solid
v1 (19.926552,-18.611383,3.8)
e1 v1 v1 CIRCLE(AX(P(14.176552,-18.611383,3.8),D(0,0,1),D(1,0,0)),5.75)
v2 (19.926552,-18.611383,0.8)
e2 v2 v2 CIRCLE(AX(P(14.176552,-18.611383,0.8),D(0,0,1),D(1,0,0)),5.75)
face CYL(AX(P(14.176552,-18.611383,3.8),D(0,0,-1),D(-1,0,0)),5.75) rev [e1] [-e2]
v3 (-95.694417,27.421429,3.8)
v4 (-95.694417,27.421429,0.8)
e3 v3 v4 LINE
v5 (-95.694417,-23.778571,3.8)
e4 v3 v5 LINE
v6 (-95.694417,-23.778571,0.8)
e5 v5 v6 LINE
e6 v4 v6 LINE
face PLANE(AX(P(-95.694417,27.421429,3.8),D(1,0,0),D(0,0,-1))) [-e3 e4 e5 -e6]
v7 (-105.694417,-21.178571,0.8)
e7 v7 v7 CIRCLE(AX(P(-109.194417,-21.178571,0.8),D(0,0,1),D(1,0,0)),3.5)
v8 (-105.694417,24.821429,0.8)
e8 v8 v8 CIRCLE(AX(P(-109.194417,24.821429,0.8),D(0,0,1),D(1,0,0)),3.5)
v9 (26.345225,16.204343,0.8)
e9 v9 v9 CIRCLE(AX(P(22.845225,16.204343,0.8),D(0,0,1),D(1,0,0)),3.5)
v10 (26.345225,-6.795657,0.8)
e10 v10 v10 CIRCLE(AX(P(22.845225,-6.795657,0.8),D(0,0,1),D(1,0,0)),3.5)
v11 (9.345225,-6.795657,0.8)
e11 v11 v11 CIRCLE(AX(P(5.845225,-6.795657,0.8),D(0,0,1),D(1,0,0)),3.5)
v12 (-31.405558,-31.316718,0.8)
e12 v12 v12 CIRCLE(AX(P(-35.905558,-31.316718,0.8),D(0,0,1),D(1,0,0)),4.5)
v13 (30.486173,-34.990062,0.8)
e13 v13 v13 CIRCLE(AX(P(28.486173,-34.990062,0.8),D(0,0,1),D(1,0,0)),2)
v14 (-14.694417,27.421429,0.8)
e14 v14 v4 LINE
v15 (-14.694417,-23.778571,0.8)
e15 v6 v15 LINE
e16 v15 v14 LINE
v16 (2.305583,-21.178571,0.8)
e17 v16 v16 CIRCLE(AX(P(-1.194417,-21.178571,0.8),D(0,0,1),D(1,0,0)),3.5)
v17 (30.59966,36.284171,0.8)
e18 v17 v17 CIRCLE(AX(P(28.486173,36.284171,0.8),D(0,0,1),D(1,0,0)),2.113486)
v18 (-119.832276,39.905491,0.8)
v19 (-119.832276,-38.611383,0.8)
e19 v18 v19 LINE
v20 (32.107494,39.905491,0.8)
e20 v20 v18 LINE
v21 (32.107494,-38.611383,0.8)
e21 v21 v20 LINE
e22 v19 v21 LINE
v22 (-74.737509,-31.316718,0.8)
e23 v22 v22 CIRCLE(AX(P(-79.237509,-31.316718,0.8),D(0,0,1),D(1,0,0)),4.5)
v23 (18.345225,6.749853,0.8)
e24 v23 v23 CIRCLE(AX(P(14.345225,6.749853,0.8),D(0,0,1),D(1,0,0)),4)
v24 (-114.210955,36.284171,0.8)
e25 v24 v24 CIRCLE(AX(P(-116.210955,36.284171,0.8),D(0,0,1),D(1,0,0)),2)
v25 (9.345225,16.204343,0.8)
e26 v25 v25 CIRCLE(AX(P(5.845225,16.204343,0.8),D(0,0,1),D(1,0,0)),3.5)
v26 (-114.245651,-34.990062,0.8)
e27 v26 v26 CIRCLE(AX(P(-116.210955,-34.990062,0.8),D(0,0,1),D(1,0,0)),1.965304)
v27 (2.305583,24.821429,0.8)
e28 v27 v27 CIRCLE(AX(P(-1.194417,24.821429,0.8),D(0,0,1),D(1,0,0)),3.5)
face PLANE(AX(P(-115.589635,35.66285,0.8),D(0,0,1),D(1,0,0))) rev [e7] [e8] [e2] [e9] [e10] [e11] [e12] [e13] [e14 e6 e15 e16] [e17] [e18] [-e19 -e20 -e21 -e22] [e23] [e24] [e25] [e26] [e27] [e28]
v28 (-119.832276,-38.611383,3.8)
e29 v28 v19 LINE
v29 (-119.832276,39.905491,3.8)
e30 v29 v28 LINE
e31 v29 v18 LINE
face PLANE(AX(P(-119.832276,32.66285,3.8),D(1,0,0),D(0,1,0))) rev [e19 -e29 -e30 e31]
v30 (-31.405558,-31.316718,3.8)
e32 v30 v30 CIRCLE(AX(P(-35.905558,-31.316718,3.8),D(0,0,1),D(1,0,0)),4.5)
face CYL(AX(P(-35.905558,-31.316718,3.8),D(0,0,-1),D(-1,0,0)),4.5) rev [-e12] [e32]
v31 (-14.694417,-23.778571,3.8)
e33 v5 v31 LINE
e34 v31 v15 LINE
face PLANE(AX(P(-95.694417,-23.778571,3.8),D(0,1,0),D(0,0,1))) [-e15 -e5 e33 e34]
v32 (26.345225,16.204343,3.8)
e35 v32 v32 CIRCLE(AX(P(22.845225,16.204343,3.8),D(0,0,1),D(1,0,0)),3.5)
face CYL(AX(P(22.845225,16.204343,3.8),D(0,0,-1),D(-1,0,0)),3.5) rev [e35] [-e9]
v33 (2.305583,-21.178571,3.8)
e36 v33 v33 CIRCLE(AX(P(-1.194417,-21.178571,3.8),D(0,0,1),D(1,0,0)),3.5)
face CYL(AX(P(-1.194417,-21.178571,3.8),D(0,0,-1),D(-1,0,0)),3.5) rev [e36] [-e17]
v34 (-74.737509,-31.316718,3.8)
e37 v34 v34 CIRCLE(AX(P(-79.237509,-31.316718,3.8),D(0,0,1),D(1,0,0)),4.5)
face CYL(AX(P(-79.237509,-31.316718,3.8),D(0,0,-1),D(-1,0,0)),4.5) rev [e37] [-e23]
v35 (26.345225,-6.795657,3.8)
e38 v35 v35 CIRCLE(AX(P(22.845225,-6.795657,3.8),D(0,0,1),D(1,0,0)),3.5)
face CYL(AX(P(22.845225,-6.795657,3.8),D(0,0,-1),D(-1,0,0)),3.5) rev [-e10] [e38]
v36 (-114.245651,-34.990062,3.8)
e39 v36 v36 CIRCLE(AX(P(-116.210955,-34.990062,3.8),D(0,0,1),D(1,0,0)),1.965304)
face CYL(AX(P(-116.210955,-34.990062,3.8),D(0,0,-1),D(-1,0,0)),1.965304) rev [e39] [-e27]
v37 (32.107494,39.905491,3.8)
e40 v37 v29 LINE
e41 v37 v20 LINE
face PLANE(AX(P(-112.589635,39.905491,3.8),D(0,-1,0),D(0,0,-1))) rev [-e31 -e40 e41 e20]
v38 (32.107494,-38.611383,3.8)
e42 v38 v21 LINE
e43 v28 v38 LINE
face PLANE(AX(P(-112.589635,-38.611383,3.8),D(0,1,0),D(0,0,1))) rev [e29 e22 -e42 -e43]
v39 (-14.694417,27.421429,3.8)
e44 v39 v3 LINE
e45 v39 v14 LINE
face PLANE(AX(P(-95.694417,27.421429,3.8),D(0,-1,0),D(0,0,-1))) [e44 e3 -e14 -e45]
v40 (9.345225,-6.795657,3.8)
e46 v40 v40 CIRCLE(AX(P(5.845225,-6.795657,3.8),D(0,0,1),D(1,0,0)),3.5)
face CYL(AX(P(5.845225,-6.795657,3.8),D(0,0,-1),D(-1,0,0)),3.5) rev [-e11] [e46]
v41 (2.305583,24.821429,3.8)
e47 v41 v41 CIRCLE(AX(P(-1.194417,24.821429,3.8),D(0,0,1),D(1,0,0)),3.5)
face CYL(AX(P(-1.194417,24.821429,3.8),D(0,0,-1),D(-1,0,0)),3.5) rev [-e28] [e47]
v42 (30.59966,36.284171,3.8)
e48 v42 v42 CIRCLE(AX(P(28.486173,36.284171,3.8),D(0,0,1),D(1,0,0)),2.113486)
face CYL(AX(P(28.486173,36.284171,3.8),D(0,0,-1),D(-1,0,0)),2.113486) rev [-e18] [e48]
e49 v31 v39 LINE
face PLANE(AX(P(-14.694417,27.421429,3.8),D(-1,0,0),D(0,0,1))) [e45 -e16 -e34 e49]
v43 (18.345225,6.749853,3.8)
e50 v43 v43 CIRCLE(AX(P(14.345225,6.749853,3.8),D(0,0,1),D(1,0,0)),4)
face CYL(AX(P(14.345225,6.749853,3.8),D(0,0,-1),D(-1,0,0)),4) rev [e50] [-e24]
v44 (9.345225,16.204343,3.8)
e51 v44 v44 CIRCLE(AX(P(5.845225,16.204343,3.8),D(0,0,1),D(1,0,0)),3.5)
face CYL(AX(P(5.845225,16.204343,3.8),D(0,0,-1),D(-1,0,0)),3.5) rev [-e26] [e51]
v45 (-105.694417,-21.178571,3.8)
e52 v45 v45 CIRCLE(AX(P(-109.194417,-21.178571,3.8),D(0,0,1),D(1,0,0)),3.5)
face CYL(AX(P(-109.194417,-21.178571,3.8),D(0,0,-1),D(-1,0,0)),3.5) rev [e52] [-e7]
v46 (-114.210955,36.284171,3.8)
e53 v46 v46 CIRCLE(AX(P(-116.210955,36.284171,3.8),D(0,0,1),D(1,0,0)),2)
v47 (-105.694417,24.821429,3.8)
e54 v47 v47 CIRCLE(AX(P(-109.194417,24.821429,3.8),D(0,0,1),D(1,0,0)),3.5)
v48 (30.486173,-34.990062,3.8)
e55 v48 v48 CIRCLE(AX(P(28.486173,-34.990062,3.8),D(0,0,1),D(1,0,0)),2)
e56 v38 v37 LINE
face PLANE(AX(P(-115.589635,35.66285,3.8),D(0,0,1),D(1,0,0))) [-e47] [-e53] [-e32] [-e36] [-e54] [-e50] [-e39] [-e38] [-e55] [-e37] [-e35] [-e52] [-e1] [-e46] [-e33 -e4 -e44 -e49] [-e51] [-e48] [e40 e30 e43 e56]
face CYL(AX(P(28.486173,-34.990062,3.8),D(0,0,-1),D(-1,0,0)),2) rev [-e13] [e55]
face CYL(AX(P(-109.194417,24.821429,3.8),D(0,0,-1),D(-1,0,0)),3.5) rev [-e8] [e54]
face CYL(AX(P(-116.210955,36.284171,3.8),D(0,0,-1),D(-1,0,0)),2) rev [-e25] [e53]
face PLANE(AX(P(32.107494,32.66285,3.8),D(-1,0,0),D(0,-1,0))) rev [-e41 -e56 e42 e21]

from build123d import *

# Parameters (mm, degrees)
ESQUISSE1_R        = 3.5
ESQUISSE1_R_2      = 4
ESQUISSE1_R_3      = 5.75
ESQUISSE1_R_4      = 4.5
ESQUISSE1_W        = 81
ESQUISSE1_H        = 51.2
BOSS_EXTRU_1_DEPTH = 3
ESQUISSE2_W        = 7.242640687
ESQUISSE2_H        = 7.242640687
ESQUISSE2_R        = 1.965304202
ESQUISSE2_R_2      = 2
ESQUISSE2_R_3      = 2.113486369
BOSS_EXTRU_2_DEPTH = 3


with BuildPart() as part:
    # Esquisse1 → Boss.-Extru.1 (new body)
    with BuildSketch(Plane.XY.offset(0.8)):
        with BuildLine():
            Line((-112.589634865, 39.905491149), (24.864852981, 39.905491149))
            Line((24.864852981, 39.905491149), (24.864852981, 35.662850462))
            ThreePointArc((24.864852981, 35.662850462), (25.743532637, 33.541530119), (27.864852981, 32.662850462))
            Line((27.864852981, 32.662850462), (32.107493668, 32.662850462))
            Line((32.107493668, 32.662850462), (32.107493668, -31.368742114))
            Line((32.107493668, -31.368742114), (27.864852981, -31.368742114))
            ThreePointArc((27.864852981, -31.368742114), (25.743532637, -32.24742177), (24.864852981, -34.368742114))
            Line((24.864852981, -34.368742114), (24.864852981, -38.611382801))
            Line((24.864852981, -38.611382801), (-112.589634865, -38.611382801))
            Line((-112.589634865, -38.611382801), (-112.589634865, -34.368742114))
            ThreePointArc((-112.589634865, -34.368742114), (-113.468314521, -32.24742177), (-115.589634865, -31.368742114))
            Line((-115.589634865, -31.368742114), (-119.832275552, -31.368742114))
            Line((-119.832275552, -31.368742114), (-119.832275552, 32.662850462))
            Line((-119.832275552, 32.662850462), (-115.589634865, 32.662850462))
            ThreePointArc((-115.589634865, 32.662850462), (-113.468314521, 33.541530119), (-112.589634865, 35.662850462))
            Line((-112.589634865, 35.662850462), (-112.589634865, 39.905491149))
        make_face()
        with Locations((-109.194417438, 24.821428571)):
            Circle(ESQUISSE1_R, mode=Mode.SUBTRACT)
        with Locations((-1.194417438, 24.821428571)):
            Circle(ESQUISSE1_R, mode=Mode.SUBTRACT)
        with Locations((-1.194417438, -21.178571429)):
            Circle(ESQUISSE1_R, mode=Mode.SUBTRACT)
        with Locations((-109.194417438, -21.178571429)):
            Circle(ESQUISSE1_R, mode=Mode.SUBTRACT)
        with Locations((14.345224597, 6.749852674)):
            Circle(ESQUISSE1_R_2, mode=Mode.SUBTRACT)
        with Locations((5.845224597, 16.204342535)):
            Circle(ESQUISSE1_R, mode=Mode.SUBTRACT)
        with Locations((22.845224597, 16.204342535)):
            Circle(ESQUISSE1_R, mode=Mode.SUBTRACT)
        with Locations((22.845224597, -6.795657465)):
            Circle(ESQUISSE1_R, mode=Mode.SUBTRACT)
        with Locations((5.845224597, -6.795657465)):
            Circle(ESQUISSE1_R, mode=Mode.SUBTRACT)
        with Locations((14.176552179, -18.611382801)):
            Circle(ESQUISSE1_R_3, mode=Mode.SUBTRACT)
        with Locations((-35.905557573, -31.316718293)):
            Circle(ESQUISSE1_R_4, mode=Mode.SUBTRACT)
        with Locations((-79.237508709, -31.316718293)):
            Circle(ESQUISSE1_R_4, mode=Mode.SUBTRACT)
        with Locations((-55.194417438, 1.821428571)):
            Rectangle(ESQUISSE1_W, ESQUISSE1_H, mode=Mode.SUBTRACT)
    extrude(amount=BOSS_EXTRU_1_DEPTH)

    # Esquisse2 → Boss.-Extru.2 (add)
    # profile 1 of 4: a face of its own
    with BuildSketch(Plane.XY.offset(0.8)):
        with Locations((-116.210955209, -34.990062458)):
            Rectangle(ESQUISSE2_W, ESQUISSE2_H)
        with Locations((-116.210955208, -34.990062458)):
            Circle(ESQUISSE2_R, mode=Mode.SUBTRACT)
    # profile 2 of 4: a face of its own
    with BuildSketch(Plane.XY.offset(0.8)):
        with Locations((-116.210955209, 36.284170805)):
            Rectangle(ESQUISSE2_W, ESQUISSE2_H)
        with Locations((-116.210955208, 36.284170806)):
            Circle(ESQUISSE2_R_2, mode=Mode.SUBTRACT)
    # profile 3 of 4: a face of its own
    with BuildSketch(Plane.XY.offset(0.8)):
        with Locations((28.486173325, 36.284170805)):
            Rectangle(ESQUISSE2_W, ESQUISSE2_H)
        with Locations((28.486173324, 36.284170806)):
            Circle(ESQUISSE2_R_3, mode=Mode.SUBTRACT)
    # profile 4 of 4: a face of its own
    with BuildSketch(Plane.XY.offset(0.8)):
        with Locations((28.486173325, -34.990062458)):
            Rectangle(ESQUISSE2_W, ESQUISSE2_H)
        with Locations((28.486173324, -34.990062458)):
            Circle(ESQUISSE2_R_2, mode=Mode.SUBTRACT)
    extrude(amount=BOSS_EXTRU_2_DEPTH)


solid = part.part
